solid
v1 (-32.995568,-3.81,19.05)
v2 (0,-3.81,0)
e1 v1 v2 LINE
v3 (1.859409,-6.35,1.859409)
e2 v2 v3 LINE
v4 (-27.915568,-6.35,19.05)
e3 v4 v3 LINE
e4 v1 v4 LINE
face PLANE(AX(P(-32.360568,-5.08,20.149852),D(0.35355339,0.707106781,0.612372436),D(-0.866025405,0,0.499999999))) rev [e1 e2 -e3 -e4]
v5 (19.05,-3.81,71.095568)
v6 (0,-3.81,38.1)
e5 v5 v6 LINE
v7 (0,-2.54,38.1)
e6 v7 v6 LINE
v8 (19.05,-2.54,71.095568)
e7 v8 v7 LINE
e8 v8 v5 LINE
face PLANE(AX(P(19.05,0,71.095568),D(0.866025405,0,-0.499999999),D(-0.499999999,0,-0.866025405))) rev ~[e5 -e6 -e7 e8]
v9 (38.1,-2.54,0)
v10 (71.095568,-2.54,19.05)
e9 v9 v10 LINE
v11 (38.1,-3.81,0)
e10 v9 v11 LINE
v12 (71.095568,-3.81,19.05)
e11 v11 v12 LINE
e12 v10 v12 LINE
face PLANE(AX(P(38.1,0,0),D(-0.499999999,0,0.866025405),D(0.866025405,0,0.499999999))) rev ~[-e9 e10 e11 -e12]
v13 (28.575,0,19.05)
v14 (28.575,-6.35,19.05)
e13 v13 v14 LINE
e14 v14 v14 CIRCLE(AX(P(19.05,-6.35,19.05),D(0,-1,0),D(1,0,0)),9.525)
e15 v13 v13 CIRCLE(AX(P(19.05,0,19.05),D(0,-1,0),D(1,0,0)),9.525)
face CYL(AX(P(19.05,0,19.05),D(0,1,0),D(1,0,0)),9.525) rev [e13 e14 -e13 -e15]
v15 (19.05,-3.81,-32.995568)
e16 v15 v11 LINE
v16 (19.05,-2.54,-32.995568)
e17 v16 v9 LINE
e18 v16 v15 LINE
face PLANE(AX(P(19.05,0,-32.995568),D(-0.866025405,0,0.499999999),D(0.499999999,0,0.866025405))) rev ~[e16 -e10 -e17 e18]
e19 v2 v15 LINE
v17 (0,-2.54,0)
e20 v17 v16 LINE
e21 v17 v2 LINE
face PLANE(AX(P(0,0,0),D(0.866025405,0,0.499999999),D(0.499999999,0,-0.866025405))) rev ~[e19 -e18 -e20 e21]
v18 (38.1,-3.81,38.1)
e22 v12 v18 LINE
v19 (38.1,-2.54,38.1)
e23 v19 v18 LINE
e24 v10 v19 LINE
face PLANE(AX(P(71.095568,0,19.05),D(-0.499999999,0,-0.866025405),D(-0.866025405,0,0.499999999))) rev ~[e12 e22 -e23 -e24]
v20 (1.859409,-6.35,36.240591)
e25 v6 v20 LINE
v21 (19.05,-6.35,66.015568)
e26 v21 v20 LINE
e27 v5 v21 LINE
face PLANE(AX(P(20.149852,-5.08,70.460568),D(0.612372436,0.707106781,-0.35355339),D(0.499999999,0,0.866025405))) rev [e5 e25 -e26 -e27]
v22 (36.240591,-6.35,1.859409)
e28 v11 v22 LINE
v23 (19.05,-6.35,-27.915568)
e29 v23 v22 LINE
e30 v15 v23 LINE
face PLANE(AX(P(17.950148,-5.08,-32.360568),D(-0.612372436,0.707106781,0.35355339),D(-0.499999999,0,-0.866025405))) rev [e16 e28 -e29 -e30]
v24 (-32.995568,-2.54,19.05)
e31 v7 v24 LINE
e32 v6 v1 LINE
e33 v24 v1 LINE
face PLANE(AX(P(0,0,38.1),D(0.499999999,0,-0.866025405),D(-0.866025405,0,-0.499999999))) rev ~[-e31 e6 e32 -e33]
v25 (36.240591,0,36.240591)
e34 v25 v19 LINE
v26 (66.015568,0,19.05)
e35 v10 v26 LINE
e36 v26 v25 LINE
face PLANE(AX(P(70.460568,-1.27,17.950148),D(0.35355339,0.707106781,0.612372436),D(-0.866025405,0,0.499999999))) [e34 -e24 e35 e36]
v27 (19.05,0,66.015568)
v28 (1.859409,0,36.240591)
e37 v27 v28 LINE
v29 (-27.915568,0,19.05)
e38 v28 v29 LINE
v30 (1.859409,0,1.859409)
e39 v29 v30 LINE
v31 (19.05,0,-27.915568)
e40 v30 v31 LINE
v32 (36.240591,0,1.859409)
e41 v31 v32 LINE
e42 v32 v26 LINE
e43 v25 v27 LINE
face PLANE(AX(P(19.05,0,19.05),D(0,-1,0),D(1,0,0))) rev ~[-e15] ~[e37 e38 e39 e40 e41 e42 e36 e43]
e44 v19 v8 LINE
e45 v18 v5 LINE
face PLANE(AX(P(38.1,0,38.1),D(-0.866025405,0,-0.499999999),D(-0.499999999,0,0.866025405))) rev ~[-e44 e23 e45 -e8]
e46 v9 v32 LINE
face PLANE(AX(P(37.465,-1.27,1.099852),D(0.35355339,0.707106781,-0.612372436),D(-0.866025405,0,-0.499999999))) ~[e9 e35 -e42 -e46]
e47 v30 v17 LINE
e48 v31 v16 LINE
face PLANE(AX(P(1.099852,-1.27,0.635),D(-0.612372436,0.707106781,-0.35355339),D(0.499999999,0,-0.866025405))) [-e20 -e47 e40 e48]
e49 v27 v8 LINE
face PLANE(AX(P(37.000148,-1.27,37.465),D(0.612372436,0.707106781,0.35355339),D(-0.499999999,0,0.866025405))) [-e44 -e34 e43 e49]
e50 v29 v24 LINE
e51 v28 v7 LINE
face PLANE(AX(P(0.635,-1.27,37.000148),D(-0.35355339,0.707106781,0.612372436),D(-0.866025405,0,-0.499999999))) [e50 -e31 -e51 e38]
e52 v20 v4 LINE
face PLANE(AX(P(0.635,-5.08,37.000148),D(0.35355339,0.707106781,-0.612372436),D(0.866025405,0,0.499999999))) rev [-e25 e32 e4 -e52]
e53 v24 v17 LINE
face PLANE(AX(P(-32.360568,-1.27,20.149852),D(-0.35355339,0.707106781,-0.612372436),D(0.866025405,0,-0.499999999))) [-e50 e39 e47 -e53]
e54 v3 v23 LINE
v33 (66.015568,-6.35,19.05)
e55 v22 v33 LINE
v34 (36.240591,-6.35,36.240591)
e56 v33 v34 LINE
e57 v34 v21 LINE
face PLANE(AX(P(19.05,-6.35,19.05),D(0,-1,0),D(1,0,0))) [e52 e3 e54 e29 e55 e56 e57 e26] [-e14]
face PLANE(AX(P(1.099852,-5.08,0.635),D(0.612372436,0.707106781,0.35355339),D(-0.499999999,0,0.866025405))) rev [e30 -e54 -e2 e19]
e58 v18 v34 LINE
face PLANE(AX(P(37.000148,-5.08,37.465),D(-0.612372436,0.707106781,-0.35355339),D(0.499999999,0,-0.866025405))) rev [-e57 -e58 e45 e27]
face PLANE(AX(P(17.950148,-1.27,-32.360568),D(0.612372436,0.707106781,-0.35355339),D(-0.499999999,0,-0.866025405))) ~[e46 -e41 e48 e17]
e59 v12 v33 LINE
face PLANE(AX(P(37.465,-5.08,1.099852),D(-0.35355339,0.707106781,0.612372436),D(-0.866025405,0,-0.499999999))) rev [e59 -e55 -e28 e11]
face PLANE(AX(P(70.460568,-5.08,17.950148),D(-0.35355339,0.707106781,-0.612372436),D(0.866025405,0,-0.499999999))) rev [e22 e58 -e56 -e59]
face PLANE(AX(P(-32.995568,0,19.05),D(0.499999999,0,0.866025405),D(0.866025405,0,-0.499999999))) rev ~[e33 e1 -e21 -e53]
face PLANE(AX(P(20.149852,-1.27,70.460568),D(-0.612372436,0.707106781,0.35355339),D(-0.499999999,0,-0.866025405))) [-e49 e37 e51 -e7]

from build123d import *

# Parameters (mm, degrees)
F0_W     = 38.1
F0_H     = 38.1
F0_R     = 9.525
F1_DEPTH = 6.35
F2_SIZE  = 2.54
F3_SIZE  = 2.54


with BuildPart() as f1:
    # F0 (on Front) → F1 (new body)
    with BuildSketch(Plane.XZ):
        with Locations((19.05, 19.05)):
            Rectangle(F0_W, F0_H)
        with Locations((19.05, 19.05)):
            Circle(F0_R, mode=Mode.SUBTRACT)
        Polygon((19.05, 71.095568), (0, 38.1), (38.1, 38.1), align=None)
        Polygon((-32.995568, 19.05), (0, 0), (0, 38.1), align=None)
        Polygon((38.1, 38.1), (38.1, 0), (71.095568, 19.05), align=None)
        Polygon((38.1, 0), (0, 0), (19.05, -32.995568), align=None)
    extrude(amount=F1_DEPTH)

    # F2
    f2_edges = [f1.edges().sort_by_distance(p)[0] for p in [
        (9.525, -6.35, 54.597784),
        (-16.497784, -6.35, 28.575),
        (-16.497784, -6.35, 9.525),
        (9.525, -6.35, -16.497784),
        (28.575, -6.35, -16.497784),
        (54.597784, -6.35, 9.525),
        (54.597784, -6.35, 28.575),
        (28.575, -6.35, 54.597784),
    ]]
    chamfer(f2_edges, length=F2_SIZE)

    # F3
    f3_edges = [f1.edges().sort_by_distance(p)[0] for p in [
        (9.525, 0, -16.497784),
        (28.575, 0, -16.497784),
        (54.597784, 0, 9.525),
        (54.597784, 0, 28.575),
        (28.575, 0, 54.597784),
        (9.525, 0, 54.597784),
        (-16.497784, 0, 28.575),
        (-16.497784, 0, 9.525),
    ]]
    chamfer(f3_edges, length=F3_SIZE)


solid = f1.part
